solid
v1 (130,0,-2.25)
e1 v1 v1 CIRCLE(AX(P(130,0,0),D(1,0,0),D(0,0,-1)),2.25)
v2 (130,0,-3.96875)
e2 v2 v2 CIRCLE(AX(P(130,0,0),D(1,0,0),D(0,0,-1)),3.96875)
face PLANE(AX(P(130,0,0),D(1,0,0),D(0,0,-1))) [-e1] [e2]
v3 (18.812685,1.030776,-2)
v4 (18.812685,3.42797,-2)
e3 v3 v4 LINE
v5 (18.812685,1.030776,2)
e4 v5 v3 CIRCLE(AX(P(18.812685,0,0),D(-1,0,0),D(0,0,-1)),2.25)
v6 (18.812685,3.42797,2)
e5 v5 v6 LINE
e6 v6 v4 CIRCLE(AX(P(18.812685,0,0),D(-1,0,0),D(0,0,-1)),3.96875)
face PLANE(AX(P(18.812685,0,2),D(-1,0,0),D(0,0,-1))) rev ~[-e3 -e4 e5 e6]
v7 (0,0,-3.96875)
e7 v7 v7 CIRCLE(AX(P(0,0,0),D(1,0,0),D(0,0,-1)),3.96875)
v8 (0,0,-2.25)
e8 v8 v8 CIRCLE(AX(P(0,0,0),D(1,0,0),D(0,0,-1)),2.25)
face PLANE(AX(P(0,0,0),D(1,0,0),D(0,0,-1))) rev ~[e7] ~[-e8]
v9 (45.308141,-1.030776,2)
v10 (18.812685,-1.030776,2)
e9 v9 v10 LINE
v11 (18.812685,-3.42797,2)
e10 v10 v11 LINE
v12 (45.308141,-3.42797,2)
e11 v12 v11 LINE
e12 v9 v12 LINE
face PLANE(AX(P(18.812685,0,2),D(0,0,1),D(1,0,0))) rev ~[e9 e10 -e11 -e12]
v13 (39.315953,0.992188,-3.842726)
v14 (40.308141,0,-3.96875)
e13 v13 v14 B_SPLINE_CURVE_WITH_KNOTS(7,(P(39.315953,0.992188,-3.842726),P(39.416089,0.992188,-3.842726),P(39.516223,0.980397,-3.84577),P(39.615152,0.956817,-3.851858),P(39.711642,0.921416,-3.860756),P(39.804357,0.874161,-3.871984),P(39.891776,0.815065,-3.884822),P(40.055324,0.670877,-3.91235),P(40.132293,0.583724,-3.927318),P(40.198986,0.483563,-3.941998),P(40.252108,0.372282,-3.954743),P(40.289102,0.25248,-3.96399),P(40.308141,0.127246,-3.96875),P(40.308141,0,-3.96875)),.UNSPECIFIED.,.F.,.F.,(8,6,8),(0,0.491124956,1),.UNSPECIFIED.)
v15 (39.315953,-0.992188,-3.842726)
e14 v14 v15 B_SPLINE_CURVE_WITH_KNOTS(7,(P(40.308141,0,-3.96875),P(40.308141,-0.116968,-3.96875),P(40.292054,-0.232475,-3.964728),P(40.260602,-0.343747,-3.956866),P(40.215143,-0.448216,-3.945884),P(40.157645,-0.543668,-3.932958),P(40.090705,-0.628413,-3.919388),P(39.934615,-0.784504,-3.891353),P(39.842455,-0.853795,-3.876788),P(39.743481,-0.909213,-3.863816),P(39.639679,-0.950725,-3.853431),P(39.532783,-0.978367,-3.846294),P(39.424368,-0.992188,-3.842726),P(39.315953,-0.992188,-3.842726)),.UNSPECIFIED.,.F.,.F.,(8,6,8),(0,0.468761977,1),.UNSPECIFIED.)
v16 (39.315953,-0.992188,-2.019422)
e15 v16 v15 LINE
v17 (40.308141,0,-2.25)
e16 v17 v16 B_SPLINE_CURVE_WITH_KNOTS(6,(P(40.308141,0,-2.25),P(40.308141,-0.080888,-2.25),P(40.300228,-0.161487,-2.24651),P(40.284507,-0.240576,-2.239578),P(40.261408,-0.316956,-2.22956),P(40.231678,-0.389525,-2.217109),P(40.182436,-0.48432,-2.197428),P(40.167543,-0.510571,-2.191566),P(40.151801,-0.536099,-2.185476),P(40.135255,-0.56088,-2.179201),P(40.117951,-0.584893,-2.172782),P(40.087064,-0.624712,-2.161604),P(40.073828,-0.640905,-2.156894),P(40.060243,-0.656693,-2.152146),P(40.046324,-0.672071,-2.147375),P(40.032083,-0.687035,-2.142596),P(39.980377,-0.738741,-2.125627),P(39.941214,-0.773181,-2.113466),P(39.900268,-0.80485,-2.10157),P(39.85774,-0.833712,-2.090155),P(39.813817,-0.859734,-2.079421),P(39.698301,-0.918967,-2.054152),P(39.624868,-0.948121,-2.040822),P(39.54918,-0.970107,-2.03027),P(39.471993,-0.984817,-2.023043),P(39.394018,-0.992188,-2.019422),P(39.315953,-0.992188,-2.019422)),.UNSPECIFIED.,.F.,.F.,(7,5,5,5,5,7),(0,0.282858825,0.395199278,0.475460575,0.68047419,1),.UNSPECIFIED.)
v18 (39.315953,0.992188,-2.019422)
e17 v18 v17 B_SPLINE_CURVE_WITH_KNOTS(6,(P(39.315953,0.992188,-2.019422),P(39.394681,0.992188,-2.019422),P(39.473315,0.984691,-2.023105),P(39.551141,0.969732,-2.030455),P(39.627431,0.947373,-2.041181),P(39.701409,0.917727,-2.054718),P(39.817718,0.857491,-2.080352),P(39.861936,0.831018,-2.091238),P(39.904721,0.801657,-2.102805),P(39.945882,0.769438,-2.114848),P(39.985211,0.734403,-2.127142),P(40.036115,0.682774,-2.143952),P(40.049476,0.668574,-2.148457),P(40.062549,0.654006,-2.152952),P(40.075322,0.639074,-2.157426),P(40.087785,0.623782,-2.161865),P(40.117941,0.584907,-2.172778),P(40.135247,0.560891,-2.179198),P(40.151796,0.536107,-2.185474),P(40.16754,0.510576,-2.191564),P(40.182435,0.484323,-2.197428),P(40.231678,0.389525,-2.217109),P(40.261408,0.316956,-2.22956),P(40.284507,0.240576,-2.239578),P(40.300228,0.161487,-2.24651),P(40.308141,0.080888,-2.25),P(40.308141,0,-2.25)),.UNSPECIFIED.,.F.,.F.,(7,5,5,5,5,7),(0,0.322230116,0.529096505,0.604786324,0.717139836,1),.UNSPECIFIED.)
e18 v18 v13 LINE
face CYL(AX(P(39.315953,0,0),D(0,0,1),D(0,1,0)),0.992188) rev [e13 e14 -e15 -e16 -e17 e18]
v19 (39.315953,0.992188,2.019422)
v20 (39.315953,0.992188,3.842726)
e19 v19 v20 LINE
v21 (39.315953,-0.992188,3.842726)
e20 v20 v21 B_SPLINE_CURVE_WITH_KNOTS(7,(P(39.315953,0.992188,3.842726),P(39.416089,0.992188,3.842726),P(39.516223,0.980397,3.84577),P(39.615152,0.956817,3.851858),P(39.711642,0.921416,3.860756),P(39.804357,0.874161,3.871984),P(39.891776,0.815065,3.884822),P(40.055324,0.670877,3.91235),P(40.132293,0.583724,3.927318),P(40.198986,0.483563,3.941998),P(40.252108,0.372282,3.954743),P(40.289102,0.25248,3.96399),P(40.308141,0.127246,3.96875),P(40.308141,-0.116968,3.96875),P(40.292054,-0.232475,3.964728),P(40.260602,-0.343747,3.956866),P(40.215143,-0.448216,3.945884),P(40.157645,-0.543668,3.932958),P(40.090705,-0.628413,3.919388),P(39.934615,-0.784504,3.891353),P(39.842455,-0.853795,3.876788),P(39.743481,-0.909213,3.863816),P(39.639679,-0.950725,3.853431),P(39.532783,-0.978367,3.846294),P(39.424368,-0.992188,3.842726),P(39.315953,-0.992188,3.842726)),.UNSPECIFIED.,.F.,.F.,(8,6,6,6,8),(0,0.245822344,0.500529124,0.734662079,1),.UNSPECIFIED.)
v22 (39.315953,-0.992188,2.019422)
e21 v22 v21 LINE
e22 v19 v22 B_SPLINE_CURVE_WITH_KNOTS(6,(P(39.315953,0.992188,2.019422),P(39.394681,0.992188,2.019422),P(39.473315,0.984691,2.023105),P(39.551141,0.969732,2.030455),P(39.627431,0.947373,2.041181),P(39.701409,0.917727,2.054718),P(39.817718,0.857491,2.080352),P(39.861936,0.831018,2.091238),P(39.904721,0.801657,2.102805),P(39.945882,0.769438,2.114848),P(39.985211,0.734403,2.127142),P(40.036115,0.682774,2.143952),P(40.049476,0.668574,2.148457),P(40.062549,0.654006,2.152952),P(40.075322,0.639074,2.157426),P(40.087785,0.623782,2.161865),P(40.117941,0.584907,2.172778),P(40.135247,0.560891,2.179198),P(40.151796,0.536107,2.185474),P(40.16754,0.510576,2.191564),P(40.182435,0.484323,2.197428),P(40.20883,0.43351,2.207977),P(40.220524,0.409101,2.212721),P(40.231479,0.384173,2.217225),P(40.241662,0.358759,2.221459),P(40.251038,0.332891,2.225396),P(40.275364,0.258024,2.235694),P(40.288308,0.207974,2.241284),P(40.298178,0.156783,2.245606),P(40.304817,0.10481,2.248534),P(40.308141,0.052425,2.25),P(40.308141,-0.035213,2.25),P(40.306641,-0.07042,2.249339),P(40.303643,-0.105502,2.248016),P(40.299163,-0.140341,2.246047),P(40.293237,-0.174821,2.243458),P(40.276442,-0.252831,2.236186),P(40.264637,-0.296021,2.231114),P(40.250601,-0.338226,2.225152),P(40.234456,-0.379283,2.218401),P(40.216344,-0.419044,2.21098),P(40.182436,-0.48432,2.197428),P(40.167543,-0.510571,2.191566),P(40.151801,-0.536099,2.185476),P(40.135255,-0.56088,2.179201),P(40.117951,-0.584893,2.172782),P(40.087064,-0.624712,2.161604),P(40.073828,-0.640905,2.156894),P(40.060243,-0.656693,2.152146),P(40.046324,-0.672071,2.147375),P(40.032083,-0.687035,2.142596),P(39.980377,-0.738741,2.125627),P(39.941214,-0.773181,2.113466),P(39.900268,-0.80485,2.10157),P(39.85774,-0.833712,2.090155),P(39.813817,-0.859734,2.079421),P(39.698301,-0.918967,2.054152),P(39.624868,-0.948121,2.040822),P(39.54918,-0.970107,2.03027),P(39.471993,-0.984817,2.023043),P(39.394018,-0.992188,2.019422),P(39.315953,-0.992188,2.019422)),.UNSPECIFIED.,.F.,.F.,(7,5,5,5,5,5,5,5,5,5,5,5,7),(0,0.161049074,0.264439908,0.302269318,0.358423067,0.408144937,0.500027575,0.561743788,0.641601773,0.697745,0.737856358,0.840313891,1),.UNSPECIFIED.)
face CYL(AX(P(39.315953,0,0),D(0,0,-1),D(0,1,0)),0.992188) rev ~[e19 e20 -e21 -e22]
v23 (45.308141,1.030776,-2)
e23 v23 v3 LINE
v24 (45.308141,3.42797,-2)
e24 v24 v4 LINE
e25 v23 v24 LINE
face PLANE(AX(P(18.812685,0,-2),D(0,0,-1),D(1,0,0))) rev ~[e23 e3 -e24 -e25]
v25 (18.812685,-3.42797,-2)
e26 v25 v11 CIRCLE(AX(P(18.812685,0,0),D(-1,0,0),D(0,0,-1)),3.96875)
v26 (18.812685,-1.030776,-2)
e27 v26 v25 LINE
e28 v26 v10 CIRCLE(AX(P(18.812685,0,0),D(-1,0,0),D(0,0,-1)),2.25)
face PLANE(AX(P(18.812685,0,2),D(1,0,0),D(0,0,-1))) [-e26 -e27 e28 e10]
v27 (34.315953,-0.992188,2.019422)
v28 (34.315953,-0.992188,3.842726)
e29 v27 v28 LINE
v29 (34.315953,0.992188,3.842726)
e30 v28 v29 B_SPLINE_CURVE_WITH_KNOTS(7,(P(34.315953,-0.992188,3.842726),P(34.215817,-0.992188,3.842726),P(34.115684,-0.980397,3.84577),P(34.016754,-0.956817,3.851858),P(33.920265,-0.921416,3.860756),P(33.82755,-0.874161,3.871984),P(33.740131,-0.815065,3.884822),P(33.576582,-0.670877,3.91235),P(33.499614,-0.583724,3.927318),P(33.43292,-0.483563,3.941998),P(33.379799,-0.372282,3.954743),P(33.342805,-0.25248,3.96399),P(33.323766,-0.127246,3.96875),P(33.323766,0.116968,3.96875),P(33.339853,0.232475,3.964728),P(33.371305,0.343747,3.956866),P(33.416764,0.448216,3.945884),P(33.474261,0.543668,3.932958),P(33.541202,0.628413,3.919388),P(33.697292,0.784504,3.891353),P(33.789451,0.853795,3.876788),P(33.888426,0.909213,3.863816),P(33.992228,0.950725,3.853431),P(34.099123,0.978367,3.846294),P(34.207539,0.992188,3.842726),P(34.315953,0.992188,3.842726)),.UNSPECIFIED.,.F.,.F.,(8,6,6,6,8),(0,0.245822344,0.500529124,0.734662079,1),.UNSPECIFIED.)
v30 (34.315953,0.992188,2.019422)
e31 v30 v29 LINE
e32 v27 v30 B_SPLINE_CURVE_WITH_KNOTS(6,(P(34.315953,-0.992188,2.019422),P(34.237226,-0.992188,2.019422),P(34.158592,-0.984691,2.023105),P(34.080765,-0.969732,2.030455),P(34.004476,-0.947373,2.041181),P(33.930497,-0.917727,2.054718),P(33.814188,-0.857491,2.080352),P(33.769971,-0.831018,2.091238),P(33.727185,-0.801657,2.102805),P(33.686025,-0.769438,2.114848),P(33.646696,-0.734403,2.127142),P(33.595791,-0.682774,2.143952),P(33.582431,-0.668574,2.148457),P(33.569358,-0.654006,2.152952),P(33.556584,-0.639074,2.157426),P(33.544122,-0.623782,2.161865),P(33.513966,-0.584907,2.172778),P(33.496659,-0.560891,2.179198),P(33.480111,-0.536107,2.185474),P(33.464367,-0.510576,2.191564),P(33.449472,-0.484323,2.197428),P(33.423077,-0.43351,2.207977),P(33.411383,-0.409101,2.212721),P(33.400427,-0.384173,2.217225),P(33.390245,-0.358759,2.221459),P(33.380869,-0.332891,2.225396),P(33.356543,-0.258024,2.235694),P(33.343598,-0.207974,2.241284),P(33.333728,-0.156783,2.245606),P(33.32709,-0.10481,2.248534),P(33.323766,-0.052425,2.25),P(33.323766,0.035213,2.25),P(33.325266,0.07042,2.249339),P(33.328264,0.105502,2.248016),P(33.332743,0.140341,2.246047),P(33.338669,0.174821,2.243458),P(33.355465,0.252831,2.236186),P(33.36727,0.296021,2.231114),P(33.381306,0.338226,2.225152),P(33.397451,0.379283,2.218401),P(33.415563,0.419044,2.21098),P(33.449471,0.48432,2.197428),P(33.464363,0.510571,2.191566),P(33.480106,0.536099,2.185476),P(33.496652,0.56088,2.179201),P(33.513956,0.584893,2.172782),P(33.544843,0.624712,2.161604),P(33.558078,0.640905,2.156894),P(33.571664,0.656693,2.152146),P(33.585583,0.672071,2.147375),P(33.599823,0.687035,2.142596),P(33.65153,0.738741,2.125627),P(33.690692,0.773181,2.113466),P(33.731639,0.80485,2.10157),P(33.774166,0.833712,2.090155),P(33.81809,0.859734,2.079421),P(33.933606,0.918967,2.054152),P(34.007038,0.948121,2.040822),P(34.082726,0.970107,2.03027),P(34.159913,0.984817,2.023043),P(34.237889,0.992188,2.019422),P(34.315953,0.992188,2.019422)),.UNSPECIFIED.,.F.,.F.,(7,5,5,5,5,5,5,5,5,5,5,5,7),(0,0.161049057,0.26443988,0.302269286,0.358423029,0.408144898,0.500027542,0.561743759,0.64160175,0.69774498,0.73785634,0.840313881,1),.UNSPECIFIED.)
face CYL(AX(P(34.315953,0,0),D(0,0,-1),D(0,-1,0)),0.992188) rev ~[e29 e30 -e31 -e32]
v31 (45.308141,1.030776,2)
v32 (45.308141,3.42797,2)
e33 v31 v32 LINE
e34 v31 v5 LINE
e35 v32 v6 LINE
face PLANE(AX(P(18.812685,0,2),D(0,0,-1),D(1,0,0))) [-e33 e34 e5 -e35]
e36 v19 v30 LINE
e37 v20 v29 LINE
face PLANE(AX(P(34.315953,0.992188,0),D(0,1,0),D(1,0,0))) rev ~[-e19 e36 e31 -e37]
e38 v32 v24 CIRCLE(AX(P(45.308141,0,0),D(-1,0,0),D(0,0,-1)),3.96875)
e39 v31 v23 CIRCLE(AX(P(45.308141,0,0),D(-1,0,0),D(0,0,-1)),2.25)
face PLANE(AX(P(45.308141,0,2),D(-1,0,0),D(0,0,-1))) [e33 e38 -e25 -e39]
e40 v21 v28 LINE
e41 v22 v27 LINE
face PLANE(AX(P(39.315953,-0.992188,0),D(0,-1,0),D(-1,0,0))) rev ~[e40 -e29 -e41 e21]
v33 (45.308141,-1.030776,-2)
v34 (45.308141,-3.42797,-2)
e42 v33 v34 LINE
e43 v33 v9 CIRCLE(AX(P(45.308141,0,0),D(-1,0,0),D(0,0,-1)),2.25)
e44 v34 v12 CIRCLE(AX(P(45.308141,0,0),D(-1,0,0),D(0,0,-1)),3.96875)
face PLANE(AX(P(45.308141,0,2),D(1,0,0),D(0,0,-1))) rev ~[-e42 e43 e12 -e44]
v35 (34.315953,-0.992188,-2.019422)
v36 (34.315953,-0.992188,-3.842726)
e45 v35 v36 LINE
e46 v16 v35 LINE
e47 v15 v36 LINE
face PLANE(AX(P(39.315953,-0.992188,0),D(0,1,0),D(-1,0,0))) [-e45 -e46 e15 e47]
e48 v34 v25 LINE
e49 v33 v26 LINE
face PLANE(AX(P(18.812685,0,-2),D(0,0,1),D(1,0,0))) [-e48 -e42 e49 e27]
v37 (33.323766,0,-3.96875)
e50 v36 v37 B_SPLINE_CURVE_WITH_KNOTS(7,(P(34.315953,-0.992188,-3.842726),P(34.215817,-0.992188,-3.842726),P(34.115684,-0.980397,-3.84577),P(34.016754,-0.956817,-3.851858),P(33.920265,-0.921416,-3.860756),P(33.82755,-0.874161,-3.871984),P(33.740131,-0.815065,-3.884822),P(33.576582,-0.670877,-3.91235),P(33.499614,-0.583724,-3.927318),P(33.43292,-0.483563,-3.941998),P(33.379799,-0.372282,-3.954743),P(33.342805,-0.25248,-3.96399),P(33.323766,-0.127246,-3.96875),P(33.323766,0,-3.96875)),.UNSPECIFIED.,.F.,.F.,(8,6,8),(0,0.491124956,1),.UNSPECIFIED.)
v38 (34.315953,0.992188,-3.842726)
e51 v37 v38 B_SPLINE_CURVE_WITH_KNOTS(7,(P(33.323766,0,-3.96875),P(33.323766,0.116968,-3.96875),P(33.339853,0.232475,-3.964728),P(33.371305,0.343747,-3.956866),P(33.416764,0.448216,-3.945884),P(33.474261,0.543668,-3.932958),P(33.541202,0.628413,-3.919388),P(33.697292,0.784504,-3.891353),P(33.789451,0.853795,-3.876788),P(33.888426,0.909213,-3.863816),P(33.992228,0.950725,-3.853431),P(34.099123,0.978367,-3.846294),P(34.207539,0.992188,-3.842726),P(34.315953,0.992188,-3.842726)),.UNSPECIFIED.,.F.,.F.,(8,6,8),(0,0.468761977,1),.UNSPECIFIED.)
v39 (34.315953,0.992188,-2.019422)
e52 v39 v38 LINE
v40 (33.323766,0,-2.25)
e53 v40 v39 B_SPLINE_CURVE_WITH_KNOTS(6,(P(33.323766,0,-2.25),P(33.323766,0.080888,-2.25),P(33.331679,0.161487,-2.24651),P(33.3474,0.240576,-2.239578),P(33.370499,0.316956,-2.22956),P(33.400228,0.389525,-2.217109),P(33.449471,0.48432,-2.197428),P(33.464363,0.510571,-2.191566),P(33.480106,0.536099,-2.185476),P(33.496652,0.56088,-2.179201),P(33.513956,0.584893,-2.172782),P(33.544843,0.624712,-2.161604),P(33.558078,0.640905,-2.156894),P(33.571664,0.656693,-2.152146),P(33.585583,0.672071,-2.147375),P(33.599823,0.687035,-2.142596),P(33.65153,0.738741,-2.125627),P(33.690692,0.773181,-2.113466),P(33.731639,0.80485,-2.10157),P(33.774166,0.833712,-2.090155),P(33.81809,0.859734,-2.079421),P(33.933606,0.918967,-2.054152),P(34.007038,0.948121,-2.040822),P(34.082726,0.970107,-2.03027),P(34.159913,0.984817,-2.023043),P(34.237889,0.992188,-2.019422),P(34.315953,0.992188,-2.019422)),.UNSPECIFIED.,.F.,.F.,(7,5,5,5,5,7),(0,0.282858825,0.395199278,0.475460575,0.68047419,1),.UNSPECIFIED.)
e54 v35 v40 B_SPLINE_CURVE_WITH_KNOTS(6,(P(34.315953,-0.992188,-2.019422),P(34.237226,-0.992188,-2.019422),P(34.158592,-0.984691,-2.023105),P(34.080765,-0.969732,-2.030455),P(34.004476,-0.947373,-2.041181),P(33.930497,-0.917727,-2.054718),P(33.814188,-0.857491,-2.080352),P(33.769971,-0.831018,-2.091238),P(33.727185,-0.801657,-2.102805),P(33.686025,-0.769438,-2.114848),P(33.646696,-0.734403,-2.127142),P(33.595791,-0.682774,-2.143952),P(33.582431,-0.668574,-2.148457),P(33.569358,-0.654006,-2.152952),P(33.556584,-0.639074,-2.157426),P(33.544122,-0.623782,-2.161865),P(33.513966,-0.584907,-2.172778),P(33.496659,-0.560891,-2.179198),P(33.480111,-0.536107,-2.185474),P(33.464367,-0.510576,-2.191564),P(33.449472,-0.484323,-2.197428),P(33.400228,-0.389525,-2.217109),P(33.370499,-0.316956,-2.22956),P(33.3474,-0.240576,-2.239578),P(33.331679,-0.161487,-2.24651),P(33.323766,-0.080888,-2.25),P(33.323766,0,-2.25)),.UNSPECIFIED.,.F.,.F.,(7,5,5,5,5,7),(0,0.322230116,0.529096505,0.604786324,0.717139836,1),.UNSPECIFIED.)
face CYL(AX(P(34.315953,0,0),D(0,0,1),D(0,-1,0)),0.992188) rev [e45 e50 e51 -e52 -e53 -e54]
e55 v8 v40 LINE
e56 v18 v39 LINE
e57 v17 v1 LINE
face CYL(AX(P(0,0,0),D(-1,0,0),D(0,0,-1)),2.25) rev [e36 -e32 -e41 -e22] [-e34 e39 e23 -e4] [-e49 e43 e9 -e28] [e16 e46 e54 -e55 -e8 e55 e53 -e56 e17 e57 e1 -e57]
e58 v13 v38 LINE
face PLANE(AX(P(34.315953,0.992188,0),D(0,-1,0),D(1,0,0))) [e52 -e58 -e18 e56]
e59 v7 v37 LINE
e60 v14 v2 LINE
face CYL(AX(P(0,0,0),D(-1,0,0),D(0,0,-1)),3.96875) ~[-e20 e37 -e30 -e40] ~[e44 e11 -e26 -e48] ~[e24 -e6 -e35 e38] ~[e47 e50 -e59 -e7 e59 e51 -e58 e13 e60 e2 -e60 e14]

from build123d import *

# Parameters (mm, degrees)
SKETCH2_R                                          = 3.96875
SKETCH2_R_2                                        = 2.25
BODY_DEPTH                                         = 130
CAVITY_FOR_SLIDER_DEPTH                            = 131.121104949
CAVITY_FOR_SLIDER_DEPTH_BACK                       = 131.121104949
SKETCH4_W                                          = 26.495455659
SKETCH4_H                                          = 4
SLIDER_TRACK_FOR_M2_SCREW_5_64_END_MILL_DEPTH      = 131.121104949
SLIDER_TRACK_FOR_M2_SCREW_5_64_END_MILL_DEPTH_BACK = 131.121104949


with BuildPart() as part:
    # Sketch2 → Body (new body)
    with BuildSketch(Plane(origin=(0, 0, 0), x_dir=(0, 0, -1), z_dir=(1, 0, 0))):
        Circle(SKETCH2_R)
        Circle(SKETCH2_R_2, mode=Mode.SUBTRACT)
    extrude(amount=BODY_DEPTH)

    # Sketch4 → cavity for slider (cut, two sides: drawn at the far end of the back side and taken through both)
    with BuildSketch(Plane(origin=(0, 0, 0), x_dir=(1, 0, 0), z_dir=(0, 1, 0)).offset(-CAVITY_FOR_SLIDER_DEPTH_BACK)):
        with Locations((32.060413051, 0)):
            Rectangle(SKETCH4_W, SKETCH4_H)
    extrude(amount=CAVITY_FOR_SLIDER_DEPTH + CAVITY_FOR_SLIDER_DEPTH_BACK, mode=Mode.SUBTRACT)

    # Sketch12 → slider track for M2 screw 5/64 end mill (cut, two sides: drawn at the far end of the back side and taken through both)
    with BuildSketch(Plane.XY.offset(-SLIDER_TRACK_FOR_M2_SCREW_5_64_END_MILL_DEPTH_BACK)):
        with BuildLine():
            Line((39.315953381, -0.9921875), (34.315953381, -0.9921875))
            ThreePointArc((34.315953381, -0.9921875), (33.323765881, 0), (34.315953381, 0.9921875))
            Line((34.315953381, 0.9921875), (39.315953381, 0.9921875))
            ThreePointArc((39.315953381, 0.9921875), (40.308140881, 0), (39.315953381, -0.9921875))
        make_face()
    extrude(amount=SLIDER_TRACK_FOR_M2_SCREW_5_64_END_MILL_DEPTH + SLIDER_TRACK_FOR_M2_SCREW_5_64_END_MILL_DEPTH_BACK, mode=Mode.SUBTRACT)


solid = part.part
